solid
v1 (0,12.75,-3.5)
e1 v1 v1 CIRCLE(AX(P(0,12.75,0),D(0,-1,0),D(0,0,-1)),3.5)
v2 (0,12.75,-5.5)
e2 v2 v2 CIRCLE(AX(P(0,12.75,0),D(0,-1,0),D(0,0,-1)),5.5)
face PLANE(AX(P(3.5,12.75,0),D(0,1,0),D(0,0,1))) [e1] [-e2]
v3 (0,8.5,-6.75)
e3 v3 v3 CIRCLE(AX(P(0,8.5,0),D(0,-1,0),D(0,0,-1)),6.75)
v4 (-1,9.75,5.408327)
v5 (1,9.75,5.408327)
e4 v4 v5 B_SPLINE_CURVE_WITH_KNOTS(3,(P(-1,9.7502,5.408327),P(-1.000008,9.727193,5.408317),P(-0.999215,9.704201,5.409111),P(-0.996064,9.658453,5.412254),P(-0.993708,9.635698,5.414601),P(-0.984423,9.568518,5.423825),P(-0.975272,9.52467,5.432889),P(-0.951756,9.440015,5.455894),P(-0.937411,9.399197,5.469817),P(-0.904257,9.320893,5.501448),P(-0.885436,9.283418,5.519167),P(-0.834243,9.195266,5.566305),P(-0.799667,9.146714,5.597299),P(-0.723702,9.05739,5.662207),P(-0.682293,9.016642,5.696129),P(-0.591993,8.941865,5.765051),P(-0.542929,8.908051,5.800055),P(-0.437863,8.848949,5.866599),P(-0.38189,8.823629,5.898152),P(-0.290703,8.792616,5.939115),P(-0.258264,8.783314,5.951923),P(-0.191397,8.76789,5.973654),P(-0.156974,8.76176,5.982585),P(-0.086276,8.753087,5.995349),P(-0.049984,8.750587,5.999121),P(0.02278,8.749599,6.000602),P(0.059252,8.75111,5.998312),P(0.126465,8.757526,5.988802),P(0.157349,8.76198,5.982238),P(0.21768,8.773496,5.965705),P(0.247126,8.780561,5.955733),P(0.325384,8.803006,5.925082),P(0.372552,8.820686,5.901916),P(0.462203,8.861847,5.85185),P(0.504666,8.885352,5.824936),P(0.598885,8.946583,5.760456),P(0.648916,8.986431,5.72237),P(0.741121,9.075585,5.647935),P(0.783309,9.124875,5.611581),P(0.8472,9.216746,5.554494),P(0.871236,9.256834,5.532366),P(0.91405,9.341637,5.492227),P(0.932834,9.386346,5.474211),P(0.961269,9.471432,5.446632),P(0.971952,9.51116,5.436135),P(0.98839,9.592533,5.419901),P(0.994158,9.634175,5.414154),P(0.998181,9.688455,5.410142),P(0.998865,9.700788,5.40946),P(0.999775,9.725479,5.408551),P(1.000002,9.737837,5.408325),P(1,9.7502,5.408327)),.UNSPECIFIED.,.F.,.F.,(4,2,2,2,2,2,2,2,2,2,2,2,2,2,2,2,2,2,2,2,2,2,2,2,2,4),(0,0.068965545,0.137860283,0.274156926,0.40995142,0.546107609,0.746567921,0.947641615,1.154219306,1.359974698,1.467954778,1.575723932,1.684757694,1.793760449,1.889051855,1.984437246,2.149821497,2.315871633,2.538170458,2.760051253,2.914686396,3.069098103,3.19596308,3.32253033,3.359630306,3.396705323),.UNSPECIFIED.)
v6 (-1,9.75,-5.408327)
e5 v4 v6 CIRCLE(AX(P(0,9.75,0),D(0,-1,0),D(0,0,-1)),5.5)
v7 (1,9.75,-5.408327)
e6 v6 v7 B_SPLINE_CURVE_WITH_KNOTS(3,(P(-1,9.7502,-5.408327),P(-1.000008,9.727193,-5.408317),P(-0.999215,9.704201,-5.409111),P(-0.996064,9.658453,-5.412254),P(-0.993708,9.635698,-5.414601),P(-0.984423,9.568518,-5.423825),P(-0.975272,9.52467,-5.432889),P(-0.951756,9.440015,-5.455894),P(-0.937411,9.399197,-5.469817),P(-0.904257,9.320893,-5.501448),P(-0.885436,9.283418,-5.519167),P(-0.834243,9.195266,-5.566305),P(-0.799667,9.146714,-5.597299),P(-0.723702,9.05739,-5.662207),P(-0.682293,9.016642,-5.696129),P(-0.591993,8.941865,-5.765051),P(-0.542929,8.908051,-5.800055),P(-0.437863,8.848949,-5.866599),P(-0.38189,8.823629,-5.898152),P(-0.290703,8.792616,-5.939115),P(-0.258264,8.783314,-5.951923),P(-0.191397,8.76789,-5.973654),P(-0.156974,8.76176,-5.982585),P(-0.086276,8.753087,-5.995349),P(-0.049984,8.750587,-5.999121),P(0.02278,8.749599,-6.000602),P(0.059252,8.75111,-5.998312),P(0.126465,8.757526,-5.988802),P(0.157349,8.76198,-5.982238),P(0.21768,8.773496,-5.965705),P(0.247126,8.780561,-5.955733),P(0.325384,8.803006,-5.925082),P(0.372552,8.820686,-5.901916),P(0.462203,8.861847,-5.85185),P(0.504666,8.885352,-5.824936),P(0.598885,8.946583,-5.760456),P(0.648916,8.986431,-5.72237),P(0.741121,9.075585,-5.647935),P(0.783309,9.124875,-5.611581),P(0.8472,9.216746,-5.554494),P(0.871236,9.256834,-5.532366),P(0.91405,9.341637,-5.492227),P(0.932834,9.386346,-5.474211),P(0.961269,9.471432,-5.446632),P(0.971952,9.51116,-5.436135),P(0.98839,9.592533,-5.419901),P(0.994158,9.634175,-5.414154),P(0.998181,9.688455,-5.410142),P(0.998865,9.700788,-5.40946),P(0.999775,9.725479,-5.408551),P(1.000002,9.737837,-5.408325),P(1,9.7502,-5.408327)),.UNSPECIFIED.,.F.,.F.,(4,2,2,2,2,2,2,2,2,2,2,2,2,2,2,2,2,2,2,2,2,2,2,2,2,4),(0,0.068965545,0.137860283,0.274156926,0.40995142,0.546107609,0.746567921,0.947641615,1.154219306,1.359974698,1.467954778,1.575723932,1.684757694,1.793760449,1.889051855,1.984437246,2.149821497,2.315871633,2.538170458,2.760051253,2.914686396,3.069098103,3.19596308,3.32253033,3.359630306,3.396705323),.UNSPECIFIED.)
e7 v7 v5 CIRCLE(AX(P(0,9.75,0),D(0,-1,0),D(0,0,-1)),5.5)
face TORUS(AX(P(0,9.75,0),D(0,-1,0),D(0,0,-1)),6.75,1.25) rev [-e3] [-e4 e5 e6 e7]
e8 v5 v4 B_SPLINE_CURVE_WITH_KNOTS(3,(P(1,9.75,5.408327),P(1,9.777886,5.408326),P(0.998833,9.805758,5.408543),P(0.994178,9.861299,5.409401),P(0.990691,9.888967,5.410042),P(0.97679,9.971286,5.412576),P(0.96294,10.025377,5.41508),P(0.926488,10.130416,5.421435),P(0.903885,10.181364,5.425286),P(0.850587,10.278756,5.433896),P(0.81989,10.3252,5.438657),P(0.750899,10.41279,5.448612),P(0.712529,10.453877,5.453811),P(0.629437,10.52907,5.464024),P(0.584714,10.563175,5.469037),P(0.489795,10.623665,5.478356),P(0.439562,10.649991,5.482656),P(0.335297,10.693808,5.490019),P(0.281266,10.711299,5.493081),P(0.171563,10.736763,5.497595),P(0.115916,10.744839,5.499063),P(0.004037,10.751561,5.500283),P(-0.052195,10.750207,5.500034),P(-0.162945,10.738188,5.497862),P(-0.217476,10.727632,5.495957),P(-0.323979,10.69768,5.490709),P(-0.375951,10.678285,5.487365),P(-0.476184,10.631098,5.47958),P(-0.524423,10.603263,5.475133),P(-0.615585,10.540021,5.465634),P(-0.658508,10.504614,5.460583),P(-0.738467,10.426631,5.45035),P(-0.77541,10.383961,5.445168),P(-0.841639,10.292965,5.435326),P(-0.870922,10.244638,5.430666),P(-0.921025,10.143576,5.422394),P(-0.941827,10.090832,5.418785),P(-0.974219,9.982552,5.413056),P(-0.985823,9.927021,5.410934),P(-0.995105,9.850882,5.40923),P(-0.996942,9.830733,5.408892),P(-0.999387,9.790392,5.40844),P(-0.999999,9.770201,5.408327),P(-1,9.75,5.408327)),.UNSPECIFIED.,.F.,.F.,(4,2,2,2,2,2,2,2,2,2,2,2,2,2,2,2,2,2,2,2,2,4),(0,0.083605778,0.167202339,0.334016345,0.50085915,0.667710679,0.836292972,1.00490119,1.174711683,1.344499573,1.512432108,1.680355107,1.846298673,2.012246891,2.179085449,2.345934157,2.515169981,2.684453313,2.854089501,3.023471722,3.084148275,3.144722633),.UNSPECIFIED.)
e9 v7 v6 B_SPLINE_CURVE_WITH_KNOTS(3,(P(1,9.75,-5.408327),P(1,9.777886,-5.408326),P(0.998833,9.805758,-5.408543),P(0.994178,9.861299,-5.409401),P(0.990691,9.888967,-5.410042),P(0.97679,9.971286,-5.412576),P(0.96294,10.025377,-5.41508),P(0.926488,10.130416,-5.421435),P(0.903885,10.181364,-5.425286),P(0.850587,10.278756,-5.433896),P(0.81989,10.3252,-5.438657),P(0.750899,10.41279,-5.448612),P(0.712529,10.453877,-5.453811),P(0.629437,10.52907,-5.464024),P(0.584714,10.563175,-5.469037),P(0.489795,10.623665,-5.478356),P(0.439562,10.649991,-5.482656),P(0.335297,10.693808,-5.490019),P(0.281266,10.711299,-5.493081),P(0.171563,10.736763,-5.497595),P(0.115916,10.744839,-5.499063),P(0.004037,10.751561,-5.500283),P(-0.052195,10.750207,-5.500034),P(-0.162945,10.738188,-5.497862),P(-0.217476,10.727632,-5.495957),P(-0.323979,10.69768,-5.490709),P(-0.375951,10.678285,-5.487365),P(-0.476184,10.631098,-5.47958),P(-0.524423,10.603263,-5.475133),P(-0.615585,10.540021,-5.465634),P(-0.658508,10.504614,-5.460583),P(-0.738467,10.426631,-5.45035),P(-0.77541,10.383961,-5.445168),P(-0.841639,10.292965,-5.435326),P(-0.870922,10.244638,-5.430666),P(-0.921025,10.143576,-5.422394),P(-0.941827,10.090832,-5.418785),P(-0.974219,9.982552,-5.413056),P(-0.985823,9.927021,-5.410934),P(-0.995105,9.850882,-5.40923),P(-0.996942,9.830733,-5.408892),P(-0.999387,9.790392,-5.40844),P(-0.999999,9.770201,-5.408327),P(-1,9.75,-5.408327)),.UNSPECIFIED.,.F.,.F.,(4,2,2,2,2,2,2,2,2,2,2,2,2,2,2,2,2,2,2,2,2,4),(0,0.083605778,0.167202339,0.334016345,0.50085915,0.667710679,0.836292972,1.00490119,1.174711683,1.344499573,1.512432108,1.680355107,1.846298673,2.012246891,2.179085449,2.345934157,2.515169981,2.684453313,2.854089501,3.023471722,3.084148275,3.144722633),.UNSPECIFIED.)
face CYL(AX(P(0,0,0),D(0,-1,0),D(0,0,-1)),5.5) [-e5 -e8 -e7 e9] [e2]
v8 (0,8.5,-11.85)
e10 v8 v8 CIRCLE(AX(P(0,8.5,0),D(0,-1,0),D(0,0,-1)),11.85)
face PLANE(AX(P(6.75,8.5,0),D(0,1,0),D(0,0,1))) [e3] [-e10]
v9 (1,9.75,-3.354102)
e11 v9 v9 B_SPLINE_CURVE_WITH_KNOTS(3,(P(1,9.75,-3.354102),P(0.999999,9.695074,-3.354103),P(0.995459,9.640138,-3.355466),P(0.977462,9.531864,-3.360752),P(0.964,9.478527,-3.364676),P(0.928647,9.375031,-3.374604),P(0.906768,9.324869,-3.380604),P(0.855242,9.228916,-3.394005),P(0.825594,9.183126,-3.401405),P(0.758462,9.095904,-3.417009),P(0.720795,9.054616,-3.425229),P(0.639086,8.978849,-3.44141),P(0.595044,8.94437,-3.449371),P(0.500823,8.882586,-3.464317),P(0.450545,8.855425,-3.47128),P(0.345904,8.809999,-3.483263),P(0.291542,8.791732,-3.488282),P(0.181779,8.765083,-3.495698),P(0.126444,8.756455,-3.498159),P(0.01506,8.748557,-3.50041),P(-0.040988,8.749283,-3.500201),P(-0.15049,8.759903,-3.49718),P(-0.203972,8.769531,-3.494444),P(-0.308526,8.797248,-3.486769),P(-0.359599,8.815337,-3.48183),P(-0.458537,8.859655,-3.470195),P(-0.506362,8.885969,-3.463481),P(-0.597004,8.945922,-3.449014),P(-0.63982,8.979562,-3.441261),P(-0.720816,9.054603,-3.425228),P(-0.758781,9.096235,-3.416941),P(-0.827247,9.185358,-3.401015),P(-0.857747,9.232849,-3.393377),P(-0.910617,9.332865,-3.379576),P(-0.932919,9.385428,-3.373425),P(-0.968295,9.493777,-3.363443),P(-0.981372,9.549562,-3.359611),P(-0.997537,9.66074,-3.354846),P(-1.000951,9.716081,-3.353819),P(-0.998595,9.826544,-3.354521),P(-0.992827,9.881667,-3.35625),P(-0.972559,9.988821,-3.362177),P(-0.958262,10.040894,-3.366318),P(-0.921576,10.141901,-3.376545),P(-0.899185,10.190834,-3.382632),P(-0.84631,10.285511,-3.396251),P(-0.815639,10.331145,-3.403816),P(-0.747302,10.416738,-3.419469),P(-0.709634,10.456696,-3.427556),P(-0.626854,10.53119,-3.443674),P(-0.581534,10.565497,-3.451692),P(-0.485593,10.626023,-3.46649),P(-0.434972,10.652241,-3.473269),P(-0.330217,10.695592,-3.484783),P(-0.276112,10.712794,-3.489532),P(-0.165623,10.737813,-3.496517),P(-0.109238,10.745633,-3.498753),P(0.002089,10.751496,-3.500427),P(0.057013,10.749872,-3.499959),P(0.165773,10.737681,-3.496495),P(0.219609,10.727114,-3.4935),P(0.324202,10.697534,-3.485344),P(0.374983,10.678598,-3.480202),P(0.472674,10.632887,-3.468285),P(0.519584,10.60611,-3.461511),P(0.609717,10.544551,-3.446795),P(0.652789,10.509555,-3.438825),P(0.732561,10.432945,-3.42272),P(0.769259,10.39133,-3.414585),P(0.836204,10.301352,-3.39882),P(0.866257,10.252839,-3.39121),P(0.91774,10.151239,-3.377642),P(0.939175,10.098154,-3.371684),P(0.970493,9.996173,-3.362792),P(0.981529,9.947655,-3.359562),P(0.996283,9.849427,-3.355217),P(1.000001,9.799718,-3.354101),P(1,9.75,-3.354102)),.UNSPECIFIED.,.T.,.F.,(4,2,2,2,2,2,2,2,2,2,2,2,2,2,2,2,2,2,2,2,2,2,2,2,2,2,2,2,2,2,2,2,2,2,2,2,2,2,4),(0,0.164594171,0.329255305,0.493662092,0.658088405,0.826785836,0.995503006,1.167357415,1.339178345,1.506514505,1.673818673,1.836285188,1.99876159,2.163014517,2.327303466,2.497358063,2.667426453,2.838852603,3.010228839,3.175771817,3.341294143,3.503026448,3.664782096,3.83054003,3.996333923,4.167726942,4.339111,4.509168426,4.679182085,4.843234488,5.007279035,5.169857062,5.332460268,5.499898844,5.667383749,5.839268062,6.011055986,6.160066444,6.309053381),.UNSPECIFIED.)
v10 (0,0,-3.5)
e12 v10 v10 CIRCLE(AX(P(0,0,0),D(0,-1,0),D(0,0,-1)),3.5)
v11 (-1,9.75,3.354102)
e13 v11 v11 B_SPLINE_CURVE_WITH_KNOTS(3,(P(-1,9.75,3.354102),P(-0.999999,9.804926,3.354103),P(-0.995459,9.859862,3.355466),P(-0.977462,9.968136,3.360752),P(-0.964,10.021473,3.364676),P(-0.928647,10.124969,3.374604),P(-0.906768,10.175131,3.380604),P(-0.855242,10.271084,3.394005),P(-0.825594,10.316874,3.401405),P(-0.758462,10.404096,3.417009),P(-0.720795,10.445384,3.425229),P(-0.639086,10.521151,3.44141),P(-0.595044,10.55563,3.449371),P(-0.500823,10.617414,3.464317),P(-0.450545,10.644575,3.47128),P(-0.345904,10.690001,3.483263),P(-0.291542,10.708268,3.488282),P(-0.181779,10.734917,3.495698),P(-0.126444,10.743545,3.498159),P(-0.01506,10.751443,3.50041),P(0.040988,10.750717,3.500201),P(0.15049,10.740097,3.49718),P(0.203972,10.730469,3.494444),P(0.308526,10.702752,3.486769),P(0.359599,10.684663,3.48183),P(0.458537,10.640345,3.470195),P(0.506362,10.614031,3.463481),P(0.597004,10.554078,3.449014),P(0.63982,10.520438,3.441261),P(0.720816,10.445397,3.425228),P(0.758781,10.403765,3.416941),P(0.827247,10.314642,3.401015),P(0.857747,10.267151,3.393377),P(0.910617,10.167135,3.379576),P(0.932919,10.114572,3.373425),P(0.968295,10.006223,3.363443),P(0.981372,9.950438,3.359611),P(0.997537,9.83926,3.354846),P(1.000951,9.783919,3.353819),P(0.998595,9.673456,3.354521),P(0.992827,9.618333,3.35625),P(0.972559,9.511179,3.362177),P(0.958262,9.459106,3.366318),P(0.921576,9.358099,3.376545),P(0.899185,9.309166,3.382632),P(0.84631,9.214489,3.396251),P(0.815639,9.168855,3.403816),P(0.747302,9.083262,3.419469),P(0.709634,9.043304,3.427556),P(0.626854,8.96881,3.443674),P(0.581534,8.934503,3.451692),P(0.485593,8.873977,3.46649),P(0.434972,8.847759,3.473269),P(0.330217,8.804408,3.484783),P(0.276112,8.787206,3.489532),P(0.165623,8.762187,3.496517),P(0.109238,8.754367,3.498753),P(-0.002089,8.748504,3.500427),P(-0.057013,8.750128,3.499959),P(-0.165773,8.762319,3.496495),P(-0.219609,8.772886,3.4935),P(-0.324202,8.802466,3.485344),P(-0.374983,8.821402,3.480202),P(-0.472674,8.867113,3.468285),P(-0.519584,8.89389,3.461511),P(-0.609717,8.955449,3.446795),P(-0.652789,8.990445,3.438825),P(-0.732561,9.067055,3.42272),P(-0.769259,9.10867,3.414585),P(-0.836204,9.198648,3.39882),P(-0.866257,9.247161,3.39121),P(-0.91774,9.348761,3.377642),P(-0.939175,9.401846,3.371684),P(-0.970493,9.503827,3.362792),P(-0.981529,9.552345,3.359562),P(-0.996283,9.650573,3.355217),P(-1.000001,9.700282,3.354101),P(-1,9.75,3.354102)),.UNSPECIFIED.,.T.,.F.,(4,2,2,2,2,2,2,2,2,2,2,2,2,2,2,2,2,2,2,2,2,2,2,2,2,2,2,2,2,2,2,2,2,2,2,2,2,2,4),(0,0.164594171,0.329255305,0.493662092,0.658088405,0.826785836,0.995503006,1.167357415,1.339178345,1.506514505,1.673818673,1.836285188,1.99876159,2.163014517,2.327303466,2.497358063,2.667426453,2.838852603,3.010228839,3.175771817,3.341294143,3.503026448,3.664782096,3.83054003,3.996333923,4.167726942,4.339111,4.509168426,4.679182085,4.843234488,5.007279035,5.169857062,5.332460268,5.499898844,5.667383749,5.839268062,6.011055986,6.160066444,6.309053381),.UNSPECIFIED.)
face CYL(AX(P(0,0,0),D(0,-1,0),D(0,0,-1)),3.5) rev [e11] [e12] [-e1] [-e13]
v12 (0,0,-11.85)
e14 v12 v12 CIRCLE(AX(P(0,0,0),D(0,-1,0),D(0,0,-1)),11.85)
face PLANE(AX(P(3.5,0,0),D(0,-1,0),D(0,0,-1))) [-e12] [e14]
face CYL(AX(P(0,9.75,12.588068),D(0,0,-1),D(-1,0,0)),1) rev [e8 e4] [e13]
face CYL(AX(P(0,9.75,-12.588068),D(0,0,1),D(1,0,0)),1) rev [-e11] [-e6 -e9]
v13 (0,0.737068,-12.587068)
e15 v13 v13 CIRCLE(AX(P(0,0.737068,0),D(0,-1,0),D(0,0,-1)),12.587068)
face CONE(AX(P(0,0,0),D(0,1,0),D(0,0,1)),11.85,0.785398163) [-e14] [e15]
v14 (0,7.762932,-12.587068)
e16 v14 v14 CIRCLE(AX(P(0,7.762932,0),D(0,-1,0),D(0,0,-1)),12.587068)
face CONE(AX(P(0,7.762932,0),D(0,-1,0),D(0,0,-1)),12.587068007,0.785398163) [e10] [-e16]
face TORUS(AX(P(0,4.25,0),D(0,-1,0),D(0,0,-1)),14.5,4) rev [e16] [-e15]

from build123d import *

# Parameters (mm, degrees)
CUT_EXTRUDE1_REACH             = 23.896
SKETCH2_R                      = 1
CUT_EXTRUDE1_DIRECTION_2_REACH = 23.896


with BuildPart() as part:
    # Sketch1 → Revolve1 (revolve)
    with BuildSketch(Plane.XY, mode=Mode.PRIVATE) as revolve1_sk:
        with BuildLine():
            Line((3.5, 8.5), (3.5, 0))
            Line((3.5, 0), (11.85, 0))
            Line((11.85, 0), (12.587068007, 0.737068007))
            ThreePointArc((12.587068007, 0.737068007), (10.5, 4.25), (12.587068007, 7.762931993))
            Line((12.587068007, 7.762931993), (11.85, 8.5))
            Line((11.85, 8.5), (6.75, 8.5))
            ThreePointArc((6.75, 8.5), (5.866116524, 8.866116524), (5.5, 9.75))
            Line((5.5, 9.75), (5.5, 12.75))
            Line((5.5, 12.75), (3.5, 12.75))
            Line((3.5, 12.75), (3.5, 8.5))
        make_face()
    revolve(revolve1_sk.sketch.rotate(Axis((0, 0, 0), (0, 1, 0)), 90), axis=Axis((0, 0, 0), (0, 1, 0)))

    # Sketch2 → Cut-Extrude1 (cut, up to next)
    with BuildSketch(Plane.XY, mode=Mode.PRIVATE) as cut_extrude1_sk1:
        with Locations((0, 9.75)):
            Circle(SKETCH2_R)
    cut_extrude1_tool1 = extrude(cut_extrude1_sk1.sketch, amount=-CUT_EXTRUDE1_REACH, mode=Mode.PRIVATE) & part.part
    add(cut_extrude1_tool1.solids().sort_by_distance((0, 9.75, 0))[0], mode=Mode.SUBTRACT)

    # Sketch2 → Cut-Extrude1 direction 2 (cut, up to next)
    with BuildSketch(Plane.XY, mode=Mode.PRIVATE) as cut_extrude1_direction_2_sk1:
        with Locations((0, 9.75)):
            Circle(SKETCH2_R)
    cut_extrude1_direction_2_tool1 = extrude(cut_extrude1_direction_2_sk1.sketch, amount=CUT_EXTRUDE1_DIRECTION_2_REACH, mode=Mode.PRIVATE) & part.part
    add(cut_extrude1_direction_2_tool1.solids().sort_by_distance((0, 9.75, 0))[0], mode=Mode.SUBTRACT)


solid = part.part
